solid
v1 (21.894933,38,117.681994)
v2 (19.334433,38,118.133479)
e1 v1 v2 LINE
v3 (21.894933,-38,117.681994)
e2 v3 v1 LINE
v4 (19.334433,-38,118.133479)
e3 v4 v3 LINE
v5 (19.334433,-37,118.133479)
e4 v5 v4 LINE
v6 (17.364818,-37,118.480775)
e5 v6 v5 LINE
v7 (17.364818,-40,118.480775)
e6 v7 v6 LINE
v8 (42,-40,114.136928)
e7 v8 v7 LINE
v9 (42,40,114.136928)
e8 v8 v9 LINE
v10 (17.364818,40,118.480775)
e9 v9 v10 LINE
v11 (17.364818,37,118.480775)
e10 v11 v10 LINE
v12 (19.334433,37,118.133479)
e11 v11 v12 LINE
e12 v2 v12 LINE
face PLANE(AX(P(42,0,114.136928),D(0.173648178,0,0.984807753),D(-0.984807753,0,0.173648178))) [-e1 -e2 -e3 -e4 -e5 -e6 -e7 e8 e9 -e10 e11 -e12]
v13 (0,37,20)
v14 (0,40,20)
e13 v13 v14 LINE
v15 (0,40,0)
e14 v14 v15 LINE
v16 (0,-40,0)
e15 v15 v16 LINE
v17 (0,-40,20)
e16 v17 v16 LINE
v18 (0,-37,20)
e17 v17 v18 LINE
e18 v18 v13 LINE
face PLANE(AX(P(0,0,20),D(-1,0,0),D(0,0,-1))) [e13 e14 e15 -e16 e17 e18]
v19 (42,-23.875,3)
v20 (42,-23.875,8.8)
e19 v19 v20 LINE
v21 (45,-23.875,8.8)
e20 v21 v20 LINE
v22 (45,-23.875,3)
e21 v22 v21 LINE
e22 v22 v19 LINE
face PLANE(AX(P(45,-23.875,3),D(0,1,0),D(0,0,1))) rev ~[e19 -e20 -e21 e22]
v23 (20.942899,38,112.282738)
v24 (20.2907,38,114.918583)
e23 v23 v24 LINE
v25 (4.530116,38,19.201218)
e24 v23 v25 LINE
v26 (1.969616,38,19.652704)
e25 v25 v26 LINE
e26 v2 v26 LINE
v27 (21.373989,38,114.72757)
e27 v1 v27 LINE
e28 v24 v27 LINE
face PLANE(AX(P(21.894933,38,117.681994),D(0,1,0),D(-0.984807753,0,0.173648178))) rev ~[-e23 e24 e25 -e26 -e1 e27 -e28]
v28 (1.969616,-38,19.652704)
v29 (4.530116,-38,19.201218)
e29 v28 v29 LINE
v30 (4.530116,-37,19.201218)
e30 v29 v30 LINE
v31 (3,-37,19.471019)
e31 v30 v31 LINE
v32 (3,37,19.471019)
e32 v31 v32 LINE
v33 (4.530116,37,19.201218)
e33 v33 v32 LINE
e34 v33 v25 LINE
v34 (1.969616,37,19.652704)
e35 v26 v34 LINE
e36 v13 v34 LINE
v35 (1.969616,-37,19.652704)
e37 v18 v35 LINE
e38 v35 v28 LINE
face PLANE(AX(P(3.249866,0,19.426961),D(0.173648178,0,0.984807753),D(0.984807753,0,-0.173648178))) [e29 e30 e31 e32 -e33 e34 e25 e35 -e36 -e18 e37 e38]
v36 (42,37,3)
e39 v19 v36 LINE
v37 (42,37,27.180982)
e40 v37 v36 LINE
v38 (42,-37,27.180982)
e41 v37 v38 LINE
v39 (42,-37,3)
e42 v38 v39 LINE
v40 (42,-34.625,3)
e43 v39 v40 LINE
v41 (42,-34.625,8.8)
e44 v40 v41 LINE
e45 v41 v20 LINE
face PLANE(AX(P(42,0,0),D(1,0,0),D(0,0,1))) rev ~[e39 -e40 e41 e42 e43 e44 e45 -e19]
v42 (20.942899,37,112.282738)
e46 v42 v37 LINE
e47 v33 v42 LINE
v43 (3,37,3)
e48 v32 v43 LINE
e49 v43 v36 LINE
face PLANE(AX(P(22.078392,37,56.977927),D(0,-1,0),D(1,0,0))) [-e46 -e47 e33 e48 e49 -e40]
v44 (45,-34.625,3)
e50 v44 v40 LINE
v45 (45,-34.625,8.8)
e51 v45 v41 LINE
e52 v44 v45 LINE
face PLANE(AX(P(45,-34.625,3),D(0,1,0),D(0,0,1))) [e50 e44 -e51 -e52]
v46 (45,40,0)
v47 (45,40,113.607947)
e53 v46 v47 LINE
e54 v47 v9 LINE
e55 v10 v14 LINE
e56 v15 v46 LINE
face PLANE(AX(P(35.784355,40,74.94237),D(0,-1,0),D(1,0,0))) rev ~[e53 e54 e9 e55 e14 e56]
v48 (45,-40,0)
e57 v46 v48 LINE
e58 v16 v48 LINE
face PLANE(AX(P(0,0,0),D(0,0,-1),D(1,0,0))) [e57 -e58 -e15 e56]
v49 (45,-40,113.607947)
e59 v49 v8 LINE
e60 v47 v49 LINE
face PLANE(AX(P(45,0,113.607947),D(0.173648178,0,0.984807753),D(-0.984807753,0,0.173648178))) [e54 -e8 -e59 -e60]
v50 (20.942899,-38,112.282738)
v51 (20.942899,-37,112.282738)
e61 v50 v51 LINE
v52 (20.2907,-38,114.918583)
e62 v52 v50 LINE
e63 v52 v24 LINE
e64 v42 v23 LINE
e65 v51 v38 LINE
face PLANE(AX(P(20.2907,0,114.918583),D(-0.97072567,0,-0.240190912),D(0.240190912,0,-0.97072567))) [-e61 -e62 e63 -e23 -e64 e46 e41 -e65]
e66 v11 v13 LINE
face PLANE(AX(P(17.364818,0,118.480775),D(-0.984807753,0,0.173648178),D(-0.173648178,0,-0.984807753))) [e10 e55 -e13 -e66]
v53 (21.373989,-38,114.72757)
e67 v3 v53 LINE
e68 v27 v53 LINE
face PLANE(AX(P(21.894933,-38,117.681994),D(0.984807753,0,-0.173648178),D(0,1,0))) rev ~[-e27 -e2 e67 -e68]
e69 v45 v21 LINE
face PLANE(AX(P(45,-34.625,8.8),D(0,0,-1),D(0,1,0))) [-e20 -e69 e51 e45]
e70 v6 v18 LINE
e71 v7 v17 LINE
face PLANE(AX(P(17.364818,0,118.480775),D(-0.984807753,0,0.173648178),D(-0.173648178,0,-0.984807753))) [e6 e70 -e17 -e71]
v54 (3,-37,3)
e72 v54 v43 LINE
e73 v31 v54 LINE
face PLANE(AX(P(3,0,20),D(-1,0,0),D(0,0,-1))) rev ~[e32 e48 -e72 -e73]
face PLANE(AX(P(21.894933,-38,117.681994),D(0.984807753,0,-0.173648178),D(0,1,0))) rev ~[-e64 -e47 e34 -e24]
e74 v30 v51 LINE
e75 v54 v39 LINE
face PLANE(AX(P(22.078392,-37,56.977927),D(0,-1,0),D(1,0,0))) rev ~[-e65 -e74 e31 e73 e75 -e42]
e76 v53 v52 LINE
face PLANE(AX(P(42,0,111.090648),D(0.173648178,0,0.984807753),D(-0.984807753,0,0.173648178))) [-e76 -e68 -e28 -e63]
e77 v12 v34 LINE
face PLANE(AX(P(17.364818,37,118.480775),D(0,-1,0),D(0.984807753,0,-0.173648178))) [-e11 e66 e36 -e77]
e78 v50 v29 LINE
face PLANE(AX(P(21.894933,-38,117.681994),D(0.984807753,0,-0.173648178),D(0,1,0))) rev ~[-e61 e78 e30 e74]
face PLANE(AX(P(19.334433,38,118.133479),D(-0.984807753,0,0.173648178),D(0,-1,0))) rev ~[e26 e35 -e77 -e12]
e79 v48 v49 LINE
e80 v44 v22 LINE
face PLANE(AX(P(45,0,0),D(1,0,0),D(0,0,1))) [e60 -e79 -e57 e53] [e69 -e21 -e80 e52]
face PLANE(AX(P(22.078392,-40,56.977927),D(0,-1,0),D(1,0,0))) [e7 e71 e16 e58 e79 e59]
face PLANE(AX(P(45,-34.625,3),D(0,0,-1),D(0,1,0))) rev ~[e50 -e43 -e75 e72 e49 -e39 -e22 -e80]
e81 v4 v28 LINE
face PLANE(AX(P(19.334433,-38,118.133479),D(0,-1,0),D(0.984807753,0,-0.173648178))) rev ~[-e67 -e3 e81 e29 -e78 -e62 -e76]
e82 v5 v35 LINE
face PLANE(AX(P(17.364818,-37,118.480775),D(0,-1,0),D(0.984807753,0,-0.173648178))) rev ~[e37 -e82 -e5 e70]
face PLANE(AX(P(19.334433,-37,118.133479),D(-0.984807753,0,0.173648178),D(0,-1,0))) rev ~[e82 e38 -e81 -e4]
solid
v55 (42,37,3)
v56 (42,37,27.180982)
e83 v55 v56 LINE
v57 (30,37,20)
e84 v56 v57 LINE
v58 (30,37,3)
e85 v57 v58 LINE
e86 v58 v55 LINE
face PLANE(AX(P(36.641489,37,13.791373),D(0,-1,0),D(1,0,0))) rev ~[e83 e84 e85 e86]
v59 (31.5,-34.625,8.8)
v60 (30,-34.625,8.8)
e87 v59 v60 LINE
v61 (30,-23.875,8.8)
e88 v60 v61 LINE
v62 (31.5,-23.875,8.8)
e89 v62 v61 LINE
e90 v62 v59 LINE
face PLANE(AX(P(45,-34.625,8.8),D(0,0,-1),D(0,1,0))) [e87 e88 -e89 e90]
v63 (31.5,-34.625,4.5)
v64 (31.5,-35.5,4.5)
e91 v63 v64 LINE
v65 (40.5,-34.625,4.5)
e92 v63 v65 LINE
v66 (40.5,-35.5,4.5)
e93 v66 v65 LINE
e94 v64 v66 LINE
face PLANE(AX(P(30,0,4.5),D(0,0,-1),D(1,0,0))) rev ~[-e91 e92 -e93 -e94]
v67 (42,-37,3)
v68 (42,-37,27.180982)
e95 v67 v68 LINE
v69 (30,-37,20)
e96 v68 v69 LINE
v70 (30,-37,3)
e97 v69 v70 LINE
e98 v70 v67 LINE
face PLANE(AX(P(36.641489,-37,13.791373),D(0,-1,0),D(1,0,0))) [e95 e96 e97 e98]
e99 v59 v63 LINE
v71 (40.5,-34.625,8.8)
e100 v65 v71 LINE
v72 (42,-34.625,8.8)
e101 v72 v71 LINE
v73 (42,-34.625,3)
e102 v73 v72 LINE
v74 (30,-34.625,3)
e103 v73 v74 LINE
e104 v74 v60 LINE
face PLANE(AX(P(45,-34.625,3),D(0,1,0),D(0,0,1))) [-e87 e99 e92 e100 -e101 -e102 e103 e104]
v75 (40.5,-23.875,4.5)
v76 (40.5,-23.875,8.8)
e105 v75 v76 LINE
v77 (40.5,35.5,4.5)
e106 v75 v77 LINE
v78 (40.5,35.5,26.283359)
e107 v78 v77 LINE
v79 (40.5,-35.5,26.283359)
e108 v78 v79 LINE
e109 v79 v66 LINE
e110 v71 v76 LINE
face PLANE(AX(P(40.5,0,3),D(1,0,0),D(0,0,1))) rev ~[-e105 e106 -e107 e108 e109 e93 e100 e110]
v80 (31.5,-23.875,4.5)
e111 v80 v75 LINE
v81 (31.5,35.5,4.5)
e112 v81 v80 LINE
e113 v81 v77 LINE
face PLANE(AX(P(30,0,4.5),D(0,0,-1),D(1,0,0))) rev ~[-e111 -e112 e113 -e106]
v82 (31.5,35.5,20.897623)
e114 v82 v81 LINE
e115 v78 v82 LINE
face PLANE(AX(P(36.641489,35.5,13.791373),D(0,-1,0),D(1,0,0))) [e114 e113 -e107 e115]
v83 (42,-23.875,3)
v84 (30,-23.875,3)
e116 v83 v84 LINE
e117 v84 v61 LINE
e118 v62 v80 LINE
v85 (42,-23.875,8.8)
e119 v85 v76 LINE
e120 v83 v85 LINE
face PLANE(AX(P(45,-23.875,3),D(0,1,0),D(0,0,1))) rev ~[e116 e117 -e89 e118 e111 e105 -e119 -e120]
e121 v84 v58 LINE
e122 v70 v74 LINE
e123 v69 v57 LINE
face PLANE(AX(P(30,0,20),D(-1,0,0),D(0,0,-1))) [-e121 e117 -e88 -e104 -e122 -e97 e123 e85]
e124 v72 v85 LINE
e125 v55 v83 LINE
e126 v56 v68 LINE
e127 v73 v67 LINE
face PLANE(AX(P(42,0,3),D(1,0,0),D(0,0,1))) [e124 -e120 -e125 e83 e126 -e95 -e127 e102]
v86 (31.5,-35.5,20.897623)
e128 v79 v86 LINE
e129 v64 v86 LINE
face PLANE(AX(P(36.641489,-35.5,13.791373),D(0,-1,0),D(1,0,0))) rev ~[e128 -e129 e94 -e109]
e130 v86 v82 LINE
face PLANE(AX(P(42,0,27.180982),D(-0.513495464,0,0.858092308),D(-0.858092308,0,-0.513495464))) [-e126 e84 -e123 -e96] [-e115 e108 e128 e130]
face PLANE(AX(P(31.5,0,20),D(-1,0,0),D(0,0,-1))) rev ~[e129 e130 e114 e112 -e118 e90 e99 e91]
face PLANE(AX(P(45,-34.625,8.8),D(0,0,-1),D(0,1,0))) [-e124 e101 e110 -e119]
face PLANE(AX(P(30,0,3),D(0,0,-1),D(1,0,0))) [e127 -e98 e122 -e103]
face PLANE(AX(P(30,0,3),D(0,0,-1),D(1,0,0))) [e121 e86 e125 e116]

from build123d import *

# Parameters (mm, degrees)
F1_DEPTH      = 40
F2_T          = -3
F3_W          = 2
F3_H          = 74
F4_DEPTH      = 100
F5_DEPTH      = 37
F5_DEPTH_BACK = 37
F6_T          = -1.5
F7_DEPTH      = 40
F8_W          = 10.75
F8_H          = 5.8
F9_DEPTH      = 15


with BuildPart() as f1:
    # F0 (on Front) → F1 (new body, symmetric)
    with BuildSketch(Plane.XZ):
        Polygon((0, 20), (0, 0), (42, 0), (42, 3), (30, 3), (30, 20), (42, 27.1809821724), (20.2907003692, 114.9185834203), (42, 111.0906481632), (42, 114.1369279988), (17.3648177667, 118.4807753012), align=None)
        Polygon((42, 3), (42, 0), (45, 0), (45, 20), (45, 113.6079470567), (42, 114.1369279988), (42, 111.0906481632), (42, 27.1809821724), align=None)
        Polygon((30, 3), (42, 3), (42, 27.1809821724), (30, 20), align=None)
        Polygon((20.2907003692, 114.9185834203), (42, 27.1809821724), (42, 111.0906481632), align=None)
    extrude(amount=F1_DEPTH, both=True)

    # F2 (hollow: no face is removed)
    offset(amount=F2_T, mode=Mode.SUBTRACT)

    # F3 (on face) → F4 (cut)
    with BuildSketch(Plane(origin=(20.7850191999, 0, 117.8777015091), x_dir=(0.984807753, 0, -0.1736481777), z_dir=(0.1736481777, 0, 0.984807753))):
        Polygon((1.1270364467, 38), (-1.4729635533, 38), (-1.4729635533, 37), (-1.4729635533, -37), (-1.4729635533, -38), (1.1270364467, -38), align=None)
        with Locations((-2.4729635533, 0)):
            Rectangle(F3_W, F3_H)
    extrude(amount=-F4_DEPTH, mode=Mode.SUBTRACT)

    # F0 (on Front) → F7 (join, symmetric)
    with BuildSketch(Plane.XZ):
        Polygon((20.2907003692, 114.9185834203), (42, 27.1809821724), (42, 111.0906481632), align=None)
    extrude(amount=F7_DEPTH, both=True)


with BuildPart() as f5:
    # F0 (on Front) → F5 (new body, two sides)
    with BuildSketch(Plane.XZ) as f5_sk:
        Polygon((30, 3), (42, 3), (42, 27.1809821724), (30, 20), align=None)
    extrude(amount=F5_DEPTH)
    extrude(f5_sk.sketch, amount=-F5_DEPTH_BACK)

    # F6
    f6_openings = [f5.faces().sort_by_distance(p)[0] for p in [
        (36, 0, 23.590491),
    ]]
    offset(amount=F6_T, openings=f6_openings)


with BuildPart() as f9_tool:
    # F8 (on face) → F9 (new body, through all)
    with BuildSketch(Plane.YZ.offset(45)):
        with Locations((-29.25, 5.9)):
            Rectangle(F8_W, F8_H)
    extrude(amount=-F9_DEPTH)


with BuildPart() as f1_1:
    add(f1.part)

    # F9: cut by f9_tool
    add(f9_tool.part, mode=Mode.SUBTRACT)


with BuildPart() as f5_1:
    add(f5.part)

    # F9: cut by f9_tool
    add(f9_tool.part, mode=Mode.SUBTRACT)


solid = Compound([f1_1.part, f5_1.part])
